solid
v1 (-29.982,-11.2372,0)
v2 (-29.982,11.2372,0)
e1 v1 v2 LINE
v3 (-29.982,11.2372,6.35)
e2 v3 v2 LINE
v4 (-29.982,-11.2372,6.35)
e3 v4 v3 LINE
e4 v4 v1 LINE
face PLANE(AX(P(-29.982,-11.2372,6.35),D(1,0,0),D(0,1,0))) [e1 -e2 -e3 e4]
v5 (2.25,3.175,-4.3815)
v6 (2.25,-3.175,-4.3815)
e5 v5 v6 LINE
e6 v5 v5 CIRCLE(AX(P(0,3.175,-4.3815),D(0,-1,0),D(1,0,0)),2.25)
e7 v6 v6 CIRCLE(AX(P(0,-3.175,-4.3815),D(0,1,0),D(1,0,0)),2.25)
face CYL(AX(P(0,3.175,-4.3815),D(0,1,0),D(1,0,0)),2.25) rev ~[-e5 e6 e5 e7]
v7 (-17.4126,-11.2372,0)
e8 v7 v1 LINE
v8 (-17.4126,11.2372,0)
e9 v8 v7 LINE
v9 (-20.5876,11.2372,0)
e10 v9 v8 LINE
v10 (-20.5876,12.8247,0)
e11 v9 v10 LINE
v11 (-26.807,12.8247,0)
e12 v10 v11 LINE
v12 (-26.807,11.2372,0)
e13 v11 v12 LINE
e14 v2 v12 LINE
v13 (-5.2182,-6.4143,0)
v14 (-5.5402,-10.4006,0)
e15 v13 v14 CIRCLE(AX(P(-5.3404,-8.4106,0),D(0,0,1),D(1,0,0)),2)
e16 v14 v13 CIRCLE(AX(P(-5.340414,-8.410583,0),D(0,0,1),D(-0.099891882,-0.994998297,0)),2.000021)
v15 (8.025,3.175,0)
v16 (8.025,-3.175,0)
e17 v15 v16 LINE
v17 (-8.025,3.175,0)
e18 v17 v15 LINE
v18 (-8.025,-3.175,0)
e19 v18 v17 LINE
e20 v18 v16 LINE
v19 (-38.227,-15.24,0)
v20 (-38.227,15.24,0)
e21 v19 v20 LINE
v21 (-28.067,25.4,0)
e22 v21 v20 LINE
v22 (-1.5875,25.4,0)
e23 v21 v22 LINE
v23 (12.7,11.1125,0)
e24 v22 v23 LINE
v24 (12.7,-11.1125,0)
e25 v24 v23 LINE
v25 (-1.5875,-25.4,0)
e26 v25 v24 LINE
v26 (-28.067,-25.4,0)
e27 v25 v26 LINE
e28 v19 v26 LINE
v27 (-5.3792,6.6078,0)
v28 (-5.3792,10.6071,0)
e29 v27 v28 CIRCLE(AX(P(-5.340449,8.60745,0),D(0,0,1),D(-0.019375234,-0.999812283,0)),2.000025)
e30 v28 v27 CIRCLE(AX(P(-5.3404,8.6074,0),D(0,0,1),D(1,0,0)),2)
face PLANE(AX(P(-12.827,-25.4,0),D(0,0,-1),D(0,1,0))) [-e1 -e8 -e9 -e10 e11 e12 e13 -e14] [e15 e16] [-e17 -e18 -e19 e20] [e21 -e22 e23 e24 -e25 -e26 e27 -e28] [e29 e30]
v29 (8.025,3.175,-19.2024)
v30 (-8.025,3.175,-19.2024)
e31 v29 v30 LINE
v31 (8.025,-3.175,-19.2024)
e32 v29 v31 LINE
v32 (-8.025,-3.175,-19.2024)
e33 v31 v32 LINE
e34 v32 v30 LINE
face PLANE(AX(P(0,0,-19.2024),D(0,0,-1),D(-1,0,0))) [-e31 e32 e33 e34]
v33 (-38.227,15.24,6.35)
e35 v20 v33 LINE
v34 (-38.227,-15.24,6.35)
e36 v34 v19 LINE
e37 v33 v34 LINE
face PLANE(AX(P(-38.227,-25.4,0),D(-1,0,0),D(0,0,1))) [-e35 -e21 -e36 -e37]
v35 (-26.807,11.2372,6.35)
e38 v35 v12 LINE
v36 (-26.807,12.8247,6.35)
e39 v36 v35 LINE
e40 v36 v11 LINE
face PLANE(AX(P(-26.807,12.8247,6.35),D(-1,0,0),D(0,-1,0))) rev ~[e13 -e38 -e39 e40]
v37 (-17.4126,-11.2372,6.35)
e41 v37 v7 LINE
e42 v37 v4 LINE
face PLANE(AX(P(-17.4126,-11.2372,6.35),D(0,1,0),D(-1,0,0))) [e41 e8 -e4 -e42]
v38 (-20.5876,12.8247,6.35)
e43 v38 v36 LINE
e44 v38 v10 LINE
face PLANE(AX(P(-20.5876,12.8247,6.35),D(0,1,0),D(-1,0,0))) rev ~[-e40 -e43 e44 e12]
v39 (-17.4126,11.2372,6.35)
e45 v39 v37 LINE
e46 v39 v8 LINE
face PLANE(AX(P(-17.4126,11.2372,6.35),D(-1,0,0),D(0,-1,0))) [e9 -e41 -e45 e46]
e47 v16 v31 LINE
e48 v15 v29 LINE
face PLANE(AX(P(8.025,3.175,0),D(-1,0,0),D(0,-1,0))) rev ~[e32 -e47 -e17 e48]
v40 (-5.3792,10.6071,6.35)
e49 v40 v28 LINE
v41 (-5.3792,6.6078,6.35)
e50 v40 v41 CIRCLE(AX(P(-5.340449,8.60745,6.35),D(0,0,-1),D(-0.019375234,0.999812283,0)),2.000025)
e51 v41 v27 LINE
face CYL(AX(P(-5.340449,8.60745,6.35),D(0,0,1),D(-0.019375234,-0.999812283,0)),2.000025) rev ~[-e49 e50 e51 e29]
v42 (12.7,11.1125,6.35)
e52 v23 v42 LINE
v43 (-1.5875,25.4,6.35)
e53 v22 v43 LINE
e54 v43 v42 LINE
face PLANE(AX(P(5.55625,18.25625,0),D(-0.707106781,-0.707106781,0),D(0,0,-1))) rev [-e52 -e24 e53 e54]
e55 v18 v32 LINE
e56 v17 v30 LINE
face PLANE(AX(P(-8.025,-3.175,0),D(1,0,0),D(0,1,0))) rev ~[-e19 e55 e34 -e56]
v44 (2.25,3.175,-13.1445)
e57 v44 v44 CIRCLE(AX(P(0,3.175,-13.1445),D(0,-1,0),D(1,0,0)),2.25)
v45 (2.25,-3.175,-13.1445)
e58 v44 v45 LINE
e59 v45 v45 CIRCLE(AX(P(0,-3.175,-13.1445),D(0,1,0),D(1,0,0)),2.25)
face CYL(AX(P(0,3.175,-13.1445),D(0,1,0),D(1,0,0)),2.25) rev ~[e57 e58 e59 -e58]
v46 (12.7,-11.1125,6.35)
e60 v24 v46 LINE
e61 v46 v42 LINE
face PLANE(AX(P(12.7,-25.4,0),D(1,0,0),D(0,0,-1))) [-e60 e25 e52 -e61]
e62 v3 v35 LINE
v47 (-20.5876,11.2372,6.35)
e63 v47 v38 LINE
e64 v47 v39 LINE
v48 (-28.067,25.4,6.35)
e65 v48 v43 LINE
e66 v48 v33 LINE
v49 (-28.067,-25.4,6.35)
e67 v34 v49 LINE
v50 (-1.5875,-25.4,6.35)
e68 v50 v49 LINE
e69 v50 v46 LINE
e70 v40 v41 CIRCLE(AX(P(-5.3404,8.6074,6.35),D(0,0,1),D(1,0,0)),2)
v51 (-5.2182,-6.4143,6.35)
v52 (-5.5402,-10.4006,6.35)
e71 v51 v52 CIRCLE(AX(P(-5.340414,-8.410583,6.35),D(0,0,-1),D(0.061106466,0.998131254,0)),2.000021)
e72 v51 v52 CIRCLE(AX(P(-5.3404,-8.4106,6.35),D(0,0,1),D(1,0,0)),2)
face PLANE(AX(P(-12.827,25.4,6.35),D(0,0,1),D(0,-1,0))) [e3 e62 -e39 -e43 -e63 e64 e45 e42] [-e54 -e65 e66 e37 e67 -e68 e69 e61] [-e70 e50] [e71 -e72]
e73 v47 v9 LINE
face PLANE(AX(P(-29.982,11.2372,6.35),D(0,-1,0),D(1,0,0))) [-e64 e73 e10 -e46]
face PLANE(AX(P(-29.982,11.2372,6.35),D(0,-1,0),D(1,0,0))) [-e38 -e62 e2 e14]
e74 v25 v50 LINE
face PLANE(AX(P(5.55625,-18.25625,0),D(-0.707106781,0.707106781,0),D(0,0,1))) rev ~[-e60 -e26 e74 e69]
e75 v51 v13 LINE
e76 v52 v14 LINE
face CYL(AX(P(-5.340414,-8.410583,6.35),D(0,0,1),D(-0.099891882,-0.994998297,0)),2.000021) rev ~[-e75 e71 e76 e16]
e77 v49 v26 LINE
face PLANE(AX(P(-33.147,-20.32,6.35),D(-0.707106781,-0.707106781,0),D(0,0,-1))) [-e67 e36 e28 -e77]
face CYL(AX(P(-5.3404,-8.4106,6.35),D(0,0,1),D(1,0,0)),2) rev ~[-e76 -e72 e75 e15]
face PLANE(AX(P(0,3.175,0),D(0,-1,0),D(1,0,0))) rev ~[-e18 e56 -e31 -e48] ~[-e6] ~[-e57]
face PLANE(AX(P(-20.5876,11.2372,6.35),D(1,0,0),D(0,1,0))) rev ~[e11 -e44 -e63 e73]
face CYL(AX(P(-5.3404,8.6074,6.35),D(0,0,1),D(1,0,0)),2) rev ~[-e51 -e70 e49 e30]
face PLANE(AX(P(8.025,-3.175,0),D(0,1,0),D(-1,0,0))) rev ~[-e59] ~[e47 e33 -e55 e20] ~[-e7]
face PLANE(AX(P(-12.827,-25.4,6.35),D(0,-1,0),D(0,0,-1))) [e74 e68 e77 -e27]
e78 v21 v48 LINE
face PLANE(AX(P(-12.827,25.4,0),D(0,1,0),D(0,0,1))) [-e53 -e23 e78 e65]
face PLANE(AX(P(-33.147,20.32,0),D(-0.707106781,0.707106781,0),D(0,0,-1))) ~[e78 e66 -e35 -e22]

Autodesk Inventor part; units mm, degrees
ref_plane "YZ Plane" through (0, 0, 0) normal (1, 0, 0) x (0, 1, 0)
ref_plane "XZ Plane" through (0, 0, 0) normal (0, 1, 0) x (-1, 0, 0)
ref_plane "XY Plane" through (0, 0, 0) normal (0, 0, 1) x (1, 0, 0)
sketch "Sketch1" plane through (0, 0, 0) normal (0, 0, 1) x (1, 0, 0)
  line L0 (-38.1, -25.4) -> (38.1, -25.4)
  line L1 (38.1, -25.4) -> (38.1, 25.4)
  line L2 (38.1, 25.4) -> (-38.1, 25.4)
  line L3 (-38.1, 25.4) -> (-38.1, -25.4)
  line L4 (-38.1, -25.4) -> (38.1, 25.4) construction
  line L5 (38.1, -25.4) -> (-38.1, 25.4) construction
  point P0 (0, 0)
  dimension "d0" = 76.2
  dimension "d1" = 50.8
extrude "Extrusion1" add sketch "Sketch1" along normal blind 6.35
sketch "Sketch3" plane through (38.1, -25.4, 0) normal (1, 0, 0) x (0, 0, -1)
  line L0 (0, 0) -> (0, 50.8) projected
  line L1 (0, 50.8) -> (-6.35, 50.8) projected
  line L2 (-6.35, 0) -> (-6.35, 50.8) projected
  line L3 (0, 0) -> (-6.35, 0) projected
  point P0 (0, 25.4)
extrude "Extrusion3" cut sketch "Sketch3" against normal blind 25.4
sketch "Sketch4" plane through (-38.1, -25.4, 0) normal (-1, 0, 0) x (0, 0, 1)
  line L0 (4.925, 17.15) -> (1.425, 17.15)
  line L1 (1.425, 17.15) -> (1.425, 33.65)
  line L2 (1.425, 33.65) -> (4.925, 33.65)
  line L3 (4.925, 33.65) -> (4.925, 17.15)
  line L4 (4.925, 17.15) -> (1.425, 33.65) construction
  line L5 (1.425, 17.15) -> (4.925, 33.65) construction
  point P0 (0, 25.4)
  point P1 (3.175, 25.4)
  dimension "d9" = 3.5
  dimension "d10" = 16.5
extrude "Extrusion4" add sketch "Sketch4" along normal blind 3.302
sketch "Sketch5" plane through (-38.1, -8.25, 4.925) normal (0, 0, 1) x (1, 0, 0)
  line L0 (-3.302, 0) -> (-3.302, 16.5) projected
  line L1 (0, 16.5) -> (0, 0) projected
  line L2 (0, 16.5) -> (-3.302, 16.5) projected
  line L3 (-3.302, 0) -> (-3.302, 16.5) projected
  line L4 (0, 0) -> (-3.302, 0) projected
  line L5 (-3.302, 16.5) -> (-3.175, 16.5)
  line L6 (0, 16.5) -> (-3.302, 16.5) projected
  line L7 (-3.175, 16.5) -> (-3.175, 16.5685)
  line L8 (-3.302, 16.5) -> (-3.302, 0) projected
  line L9 (-3.175, 16.5685) -> (-3.302, 16.5)
  point P0 (38.1, 8.25)
  point P1 (-3.175, 16.5)
  dimension "d13" = 0.127
sketch3d "3D Sketch1"
  line L0 (-41.402, 8.25, 4.925) -> (-41.402, 8.25, 1.425)
  line L1 (-41.402, 8.25, 1.425) -> (-41.402, -8.25, 1.425)
  line L2 (-41.402, -8.25, 1.425) -> (-41.402, -8.25, 4.925)
  line L3 (-41.402, -8.25, 4.925) -> (-41.402, 8.25, 4.925)
sweep "Sweep1" add profiles "Sketch5" path "3D Sketch1" contours L9 L7 L2
chamfer "Chamfer1" distance 14.2875 angle 45 4 edges at (-38.1, -25.4, 3.175) (-38.1, 25.4, 3.175) (12.7, -25.4, 3.175) (12.7, 25.4, 3.175)
sketch "Sketch6" plane through (-41.402, -25.4, 0) normal (-1, 0, 0) x (0, 0, 1)
  line L0 (-26.5368, -66.9991) -> (26.5368, -66.9991)
  line L1 (26.5368, -66.9991) -> (26.5368, 66.9991)
  line L2 (26.5368, 66.9991) -> (-26.5368, 66.9991)
  line L3 (-26.5368, 66.9991) -> (-26.5368, -66.9991)
  line L4 (0, 0) -> (6.35, 0) projected
  line L5 (-26.5368, -66.9991) -> (26.5368, 66.9991) construction
  line L6 (26.5368, -66.9991) -> (-26.5368, 66.9991) construction
  point P0 (0, 25.4)
extrude "Extrusion5" cut sketch "Sketch6" against normal blind 28.575
sketch "Sketch7" plane through (0, 0, 0) normal (0, 0, -1) x (-1, 0, 0)
  line L0 (-8.025, 3.175) -> (-8.025, -3.175)
  line L1 (-8.025, -3.175) -> (8.025, -3.175)
  line L2 (8.025, -3.175) -> (8.025, 3.175)
  line L3 (8.025, 3.175) -> (-8.025, 3.175)
  line L4 (-8.025, 4.675) -> (8.025, -1.675) construction
  line L5 (-8.025, -1.675) -> (8.025, 4.675) construction
  line L6 (0, 3.175) -> (0, -3.175)
  point P0 (0, 0)
  point P1 (0, 0)
  dimension "d21" = 6.35
  dimension "d22" = 16.05
extrude "Extrusion6" add sketch "Sketch7" along normal blind 19.2024
sketch "Sketch9" plane through (0, 0, 6.35) normal (0, 0, 1) x (1, 0, 0)
  line L0 (6.0307, -10.9832) -> (5.9693, 11.0167) projected
  line L1 (-6.0307, 10.9832) -> (6.0307, 10.9832)
  line L2 (6.0307, 10.9832) -> (6.0307, -10.9832)
  line L3 (6.0307, -10.9832) -> (-6.0307, -10.9832)
  line L4 (-6.0307, -10.9832) -> (-6.0307, 10.9832)
  point P0 (0, 0)
sketch "Sketch10" plane through (-12.827, -25.4, 0) normal (-1, 0, 0) x (0, 0, 1)
  line L0 (0, 0) -> (0, 50.8) projected
  line L1 (6.35, 0) -> (0, 0) projected
  line L2 (6.35, 50.8) -> (6.35, 0) projected
  line L3 (0, 50.8) -> (6.35, 50.8) projected
  point P0 (0, 25.4)
extrude "Extrusion7" add sketch "Sketch10" along normal blind 25.4
chamfer "Chamfer2" distance 10.16 angle 45 1 edges at (-38.227, 25.4, 3.175)
chamfer "Chamfer3" distance 10.16 angle 45 1 edges at (-38.227, -25.4, 3.175)
sketch "Sketch11" plane through (0, 0, 6.35) normal (0, 0, 1) x (1, 0, 0)
  line L0 (-29.728, 10.9832) -> (-17.6666, 10.9832)
  line L1 (-17.6666, -10.9832) -> (-29.728, -10.9832)
  line L2 (-29.728, -10.9832) -> (-29.728, 10.9832)
  line L3 (-17.6666, -10.9832) -> (-17.6666, 10.9832)
  line L4 (-30.998, 12.2532) -> (-16.3966, 12.2532)
  line L5 (-16.3966, 12.2532) -> (-16.3966, -12.2532)
  line L6 (-16.3966, -12.2532) -> (-30.998, -12.2532)
  line L7 (-30.998, -12.2532) -> (-30.998, 12.2532)
  line L8 (-17.6666, 10.9832) -> (-18.9366, 10.9832)
  line L9 (-29.728, 10.9832) -> (-28.458, 10.9832)
  line L10 (-18.9366, 10.9832) -> (-28.458, 10.9832)
  line L11 (-28.458, 10.9832) -> (-28.458, 15.1856)
  line L12 (-28.458, 15.1856) -> (-18.9366, 15.1856)
  line L13 (-18.9366, 15.1856) -> (-18.9366, 10.9832)
  point P0 (0, 0)
  dimension "d54" = 1.27
  dimension "d55" = 1.27
  dimension "d56" = 1.27
extrude "Extrusion8" cut sketch "Sketch11" against normal up to surface (6.35 mm away) contours L0 L3 L1 L2
sketch "Sketch12" plane through (0, 0, 6.35) normal (0, 0, 1) x (1, 0, 0)
  arc A0 (-5.2182, -6.4143) -> (-5.5402, -10.4006) centre (-5.418, -8.4043) ccw projected
  arc A1 (-5.5402, -10.4006) -> (-5.2182, -6.4143) centre (-5.3404, -8.4106) ccw projected
  arc A2 (-5.3792, 10.6071) -> (-5.3792, 6.6078) centre (-5.418, 8.6074) ccw projected
  arc A3 (-5.3792, 6.6078) -> (-5.3792, 10.6071) centre (-5.3404, 8.6074) ccw projected
  line L0 (-14.078, 16.1258) -> (3.242, 16.1258) projected
  line L1 (-14.078, 16.1258) -> (-14.078, -15.929) projected
  line L2 (-14.078, -15.929) -> (3.242, -15.929) projected
  line L3 (3.242, 16.1258) -> (3.242, -15.929) projected
  circle A4 centre (-5.3404, -8.4106) radius 2
  circle A5 centre (-5.3404, 8.6074) radius 2
  point P0 (0, 0)
  point P1 (-5.3792, 6.6078)
  point P2 (-5.2182, -6.4143)
  point P3 (-5.5402, -10.4006)
  dimension "d38" = 4
  dimension "d39" = 4
extrude "Extrusion9" cut sketch "Sketch12" against normal up to surface (6.35 mm away) contours A1 A4 | A3 A5
sketch "Sketch13" plane through (-8.025, 3.175, 0) normal (0, 1, 0) x (1, 0, 0)
  line L0 (16.05, 19.2024) -> (0, 19.2024) projected
  circle A0 centre (8.025, 4.3815) radius 2.25
  circle A1 centre (8.025, 13.1445) radius 2.25
  line L1 (16.05, 0) -> (0, 0) projected
  line L2 (16.05, 0) -> (16.05, 19.2024) projected
  line L3 (0, 19.2024) -> (16.05, 19.2024) projected
  line L4 (0, 0) -> (0, 19.2024) projected
  line L5 (8.025, 0) -> (12.4065, 0)
  line L6 (6.4375, 0) -> (20.725, 0) projected
  line L7 (8.025, 0) -> (8.025, 4.3815)
  line L8 (8.025, 0) -> (12.4065, 0) construction
  line L9 (8.025, 0) -> (21.1695, 0)
  line L10 (8.025, 0) -> (8.025, 13.1445)
  line L11 (16.05, 0) -> (0, 0) projected
  line L12 (8.025, 0) -> (21.1695, 0) construction
  dimension "d44" = 4.5
  dimension "d45" = 4.5
  dimension "d48" = 4.3815
  dimension "d49" = 4.3815
  dimension "d50" = 90
  dimension "d51" = 13.1445
  dimension "d52" = 13.1445
  dimension "d53" = 90
extrude "Extrusion10" cut sketch "Sketch13" against normal up to surface (6.35 mm away) contours A1 | A0 L10 L7 | L7 L10 A0
sketch "Sketch14" plane through (0, 0, -19.2024) normal (0, 0, -1) x (-1, 0, 0)
  line L0 (8.025, 3.175) -> (8.025, -3.175) projected
  line L1 (-8.025, -3.175) -> (-8.025, 3.175) projected
  line L2 (8.025, 3.175) -> (-8.025, 3.175)
  line L3 (-8.025, 3.175) -> (-8.025, -3.175)
  line L4 (-8.025, -3.175) -> (8.025, -3.175)
  line L5 (8.025, -3.175) -> (8.025, 3.175)
  point P0 (0, 0)
sketch "Sketch16" plane through (0, 0, 6.35) normal (0, 0, 1) x (1, 0, 0)
  line L0 (-29.728, -10.9832) -> (-29.728, 10.9832) projected
  line L1 (-17.6666, -10.9832) -> (-29.728, -10.9832) projected
  line L2 (-17.6666, 10.9832) -> (-17.6666, -10.9832) projected
  line L3 (-29.728, 10.9832) -> (-17.6666, 10.9832) projected
  line L4 (-29.982, -11.2372) -> (-29.982, 11.2372)
  line L5 (-29.982, 11.2372) -> (-17.4126, 11.2372)
  line L6 (-17.4126, 11.2372) -> (-17.4126, -11.2372)
  line L7 (-17.4126, -11.2372) -> (-29.982, -11.2372)
  point P0 (0, 0)
  dimension "d62" = 0.254
extrude "Extrusion12" cut sketch "Sketch16" against normal up to surface (6.35 mm away)
sketch "Sketch17" plane through (0, 0, 6.35) normal (0, 0, 1) x (1, 0, 0)
  line L0 (-17.4126, 11.2372) -> (-29.982, 11.2372) projected
  line L1 (-29.982, 11.2372) -> (-26.807, 11.2372)
  line L2 (-17.4126, 11.2372) -> (-20.5876, 11.2372)
  line L3 (-26.807, 11.2372) -> (-20.5876, 11.2372)
  line L4 (-20.5876, 11.2372) -> (-20.5876, 12.8247)
  line L5 (-20.5876, 12.8247) -> (-26.807, 12.8247)
  line L6 (-26.807, 12.8247) -> (-26.807, 11.2372)
  point P0 (0, 0)
  dimension "d65" = 3.175
  dimension "d66" = 3.175
  dimension "d67" = 1.5875
extrude "Extrusion13" cut sketch "Sketch17" against normal up to surface (6.35 mm away)
properties part number "Servo Holder Module"
